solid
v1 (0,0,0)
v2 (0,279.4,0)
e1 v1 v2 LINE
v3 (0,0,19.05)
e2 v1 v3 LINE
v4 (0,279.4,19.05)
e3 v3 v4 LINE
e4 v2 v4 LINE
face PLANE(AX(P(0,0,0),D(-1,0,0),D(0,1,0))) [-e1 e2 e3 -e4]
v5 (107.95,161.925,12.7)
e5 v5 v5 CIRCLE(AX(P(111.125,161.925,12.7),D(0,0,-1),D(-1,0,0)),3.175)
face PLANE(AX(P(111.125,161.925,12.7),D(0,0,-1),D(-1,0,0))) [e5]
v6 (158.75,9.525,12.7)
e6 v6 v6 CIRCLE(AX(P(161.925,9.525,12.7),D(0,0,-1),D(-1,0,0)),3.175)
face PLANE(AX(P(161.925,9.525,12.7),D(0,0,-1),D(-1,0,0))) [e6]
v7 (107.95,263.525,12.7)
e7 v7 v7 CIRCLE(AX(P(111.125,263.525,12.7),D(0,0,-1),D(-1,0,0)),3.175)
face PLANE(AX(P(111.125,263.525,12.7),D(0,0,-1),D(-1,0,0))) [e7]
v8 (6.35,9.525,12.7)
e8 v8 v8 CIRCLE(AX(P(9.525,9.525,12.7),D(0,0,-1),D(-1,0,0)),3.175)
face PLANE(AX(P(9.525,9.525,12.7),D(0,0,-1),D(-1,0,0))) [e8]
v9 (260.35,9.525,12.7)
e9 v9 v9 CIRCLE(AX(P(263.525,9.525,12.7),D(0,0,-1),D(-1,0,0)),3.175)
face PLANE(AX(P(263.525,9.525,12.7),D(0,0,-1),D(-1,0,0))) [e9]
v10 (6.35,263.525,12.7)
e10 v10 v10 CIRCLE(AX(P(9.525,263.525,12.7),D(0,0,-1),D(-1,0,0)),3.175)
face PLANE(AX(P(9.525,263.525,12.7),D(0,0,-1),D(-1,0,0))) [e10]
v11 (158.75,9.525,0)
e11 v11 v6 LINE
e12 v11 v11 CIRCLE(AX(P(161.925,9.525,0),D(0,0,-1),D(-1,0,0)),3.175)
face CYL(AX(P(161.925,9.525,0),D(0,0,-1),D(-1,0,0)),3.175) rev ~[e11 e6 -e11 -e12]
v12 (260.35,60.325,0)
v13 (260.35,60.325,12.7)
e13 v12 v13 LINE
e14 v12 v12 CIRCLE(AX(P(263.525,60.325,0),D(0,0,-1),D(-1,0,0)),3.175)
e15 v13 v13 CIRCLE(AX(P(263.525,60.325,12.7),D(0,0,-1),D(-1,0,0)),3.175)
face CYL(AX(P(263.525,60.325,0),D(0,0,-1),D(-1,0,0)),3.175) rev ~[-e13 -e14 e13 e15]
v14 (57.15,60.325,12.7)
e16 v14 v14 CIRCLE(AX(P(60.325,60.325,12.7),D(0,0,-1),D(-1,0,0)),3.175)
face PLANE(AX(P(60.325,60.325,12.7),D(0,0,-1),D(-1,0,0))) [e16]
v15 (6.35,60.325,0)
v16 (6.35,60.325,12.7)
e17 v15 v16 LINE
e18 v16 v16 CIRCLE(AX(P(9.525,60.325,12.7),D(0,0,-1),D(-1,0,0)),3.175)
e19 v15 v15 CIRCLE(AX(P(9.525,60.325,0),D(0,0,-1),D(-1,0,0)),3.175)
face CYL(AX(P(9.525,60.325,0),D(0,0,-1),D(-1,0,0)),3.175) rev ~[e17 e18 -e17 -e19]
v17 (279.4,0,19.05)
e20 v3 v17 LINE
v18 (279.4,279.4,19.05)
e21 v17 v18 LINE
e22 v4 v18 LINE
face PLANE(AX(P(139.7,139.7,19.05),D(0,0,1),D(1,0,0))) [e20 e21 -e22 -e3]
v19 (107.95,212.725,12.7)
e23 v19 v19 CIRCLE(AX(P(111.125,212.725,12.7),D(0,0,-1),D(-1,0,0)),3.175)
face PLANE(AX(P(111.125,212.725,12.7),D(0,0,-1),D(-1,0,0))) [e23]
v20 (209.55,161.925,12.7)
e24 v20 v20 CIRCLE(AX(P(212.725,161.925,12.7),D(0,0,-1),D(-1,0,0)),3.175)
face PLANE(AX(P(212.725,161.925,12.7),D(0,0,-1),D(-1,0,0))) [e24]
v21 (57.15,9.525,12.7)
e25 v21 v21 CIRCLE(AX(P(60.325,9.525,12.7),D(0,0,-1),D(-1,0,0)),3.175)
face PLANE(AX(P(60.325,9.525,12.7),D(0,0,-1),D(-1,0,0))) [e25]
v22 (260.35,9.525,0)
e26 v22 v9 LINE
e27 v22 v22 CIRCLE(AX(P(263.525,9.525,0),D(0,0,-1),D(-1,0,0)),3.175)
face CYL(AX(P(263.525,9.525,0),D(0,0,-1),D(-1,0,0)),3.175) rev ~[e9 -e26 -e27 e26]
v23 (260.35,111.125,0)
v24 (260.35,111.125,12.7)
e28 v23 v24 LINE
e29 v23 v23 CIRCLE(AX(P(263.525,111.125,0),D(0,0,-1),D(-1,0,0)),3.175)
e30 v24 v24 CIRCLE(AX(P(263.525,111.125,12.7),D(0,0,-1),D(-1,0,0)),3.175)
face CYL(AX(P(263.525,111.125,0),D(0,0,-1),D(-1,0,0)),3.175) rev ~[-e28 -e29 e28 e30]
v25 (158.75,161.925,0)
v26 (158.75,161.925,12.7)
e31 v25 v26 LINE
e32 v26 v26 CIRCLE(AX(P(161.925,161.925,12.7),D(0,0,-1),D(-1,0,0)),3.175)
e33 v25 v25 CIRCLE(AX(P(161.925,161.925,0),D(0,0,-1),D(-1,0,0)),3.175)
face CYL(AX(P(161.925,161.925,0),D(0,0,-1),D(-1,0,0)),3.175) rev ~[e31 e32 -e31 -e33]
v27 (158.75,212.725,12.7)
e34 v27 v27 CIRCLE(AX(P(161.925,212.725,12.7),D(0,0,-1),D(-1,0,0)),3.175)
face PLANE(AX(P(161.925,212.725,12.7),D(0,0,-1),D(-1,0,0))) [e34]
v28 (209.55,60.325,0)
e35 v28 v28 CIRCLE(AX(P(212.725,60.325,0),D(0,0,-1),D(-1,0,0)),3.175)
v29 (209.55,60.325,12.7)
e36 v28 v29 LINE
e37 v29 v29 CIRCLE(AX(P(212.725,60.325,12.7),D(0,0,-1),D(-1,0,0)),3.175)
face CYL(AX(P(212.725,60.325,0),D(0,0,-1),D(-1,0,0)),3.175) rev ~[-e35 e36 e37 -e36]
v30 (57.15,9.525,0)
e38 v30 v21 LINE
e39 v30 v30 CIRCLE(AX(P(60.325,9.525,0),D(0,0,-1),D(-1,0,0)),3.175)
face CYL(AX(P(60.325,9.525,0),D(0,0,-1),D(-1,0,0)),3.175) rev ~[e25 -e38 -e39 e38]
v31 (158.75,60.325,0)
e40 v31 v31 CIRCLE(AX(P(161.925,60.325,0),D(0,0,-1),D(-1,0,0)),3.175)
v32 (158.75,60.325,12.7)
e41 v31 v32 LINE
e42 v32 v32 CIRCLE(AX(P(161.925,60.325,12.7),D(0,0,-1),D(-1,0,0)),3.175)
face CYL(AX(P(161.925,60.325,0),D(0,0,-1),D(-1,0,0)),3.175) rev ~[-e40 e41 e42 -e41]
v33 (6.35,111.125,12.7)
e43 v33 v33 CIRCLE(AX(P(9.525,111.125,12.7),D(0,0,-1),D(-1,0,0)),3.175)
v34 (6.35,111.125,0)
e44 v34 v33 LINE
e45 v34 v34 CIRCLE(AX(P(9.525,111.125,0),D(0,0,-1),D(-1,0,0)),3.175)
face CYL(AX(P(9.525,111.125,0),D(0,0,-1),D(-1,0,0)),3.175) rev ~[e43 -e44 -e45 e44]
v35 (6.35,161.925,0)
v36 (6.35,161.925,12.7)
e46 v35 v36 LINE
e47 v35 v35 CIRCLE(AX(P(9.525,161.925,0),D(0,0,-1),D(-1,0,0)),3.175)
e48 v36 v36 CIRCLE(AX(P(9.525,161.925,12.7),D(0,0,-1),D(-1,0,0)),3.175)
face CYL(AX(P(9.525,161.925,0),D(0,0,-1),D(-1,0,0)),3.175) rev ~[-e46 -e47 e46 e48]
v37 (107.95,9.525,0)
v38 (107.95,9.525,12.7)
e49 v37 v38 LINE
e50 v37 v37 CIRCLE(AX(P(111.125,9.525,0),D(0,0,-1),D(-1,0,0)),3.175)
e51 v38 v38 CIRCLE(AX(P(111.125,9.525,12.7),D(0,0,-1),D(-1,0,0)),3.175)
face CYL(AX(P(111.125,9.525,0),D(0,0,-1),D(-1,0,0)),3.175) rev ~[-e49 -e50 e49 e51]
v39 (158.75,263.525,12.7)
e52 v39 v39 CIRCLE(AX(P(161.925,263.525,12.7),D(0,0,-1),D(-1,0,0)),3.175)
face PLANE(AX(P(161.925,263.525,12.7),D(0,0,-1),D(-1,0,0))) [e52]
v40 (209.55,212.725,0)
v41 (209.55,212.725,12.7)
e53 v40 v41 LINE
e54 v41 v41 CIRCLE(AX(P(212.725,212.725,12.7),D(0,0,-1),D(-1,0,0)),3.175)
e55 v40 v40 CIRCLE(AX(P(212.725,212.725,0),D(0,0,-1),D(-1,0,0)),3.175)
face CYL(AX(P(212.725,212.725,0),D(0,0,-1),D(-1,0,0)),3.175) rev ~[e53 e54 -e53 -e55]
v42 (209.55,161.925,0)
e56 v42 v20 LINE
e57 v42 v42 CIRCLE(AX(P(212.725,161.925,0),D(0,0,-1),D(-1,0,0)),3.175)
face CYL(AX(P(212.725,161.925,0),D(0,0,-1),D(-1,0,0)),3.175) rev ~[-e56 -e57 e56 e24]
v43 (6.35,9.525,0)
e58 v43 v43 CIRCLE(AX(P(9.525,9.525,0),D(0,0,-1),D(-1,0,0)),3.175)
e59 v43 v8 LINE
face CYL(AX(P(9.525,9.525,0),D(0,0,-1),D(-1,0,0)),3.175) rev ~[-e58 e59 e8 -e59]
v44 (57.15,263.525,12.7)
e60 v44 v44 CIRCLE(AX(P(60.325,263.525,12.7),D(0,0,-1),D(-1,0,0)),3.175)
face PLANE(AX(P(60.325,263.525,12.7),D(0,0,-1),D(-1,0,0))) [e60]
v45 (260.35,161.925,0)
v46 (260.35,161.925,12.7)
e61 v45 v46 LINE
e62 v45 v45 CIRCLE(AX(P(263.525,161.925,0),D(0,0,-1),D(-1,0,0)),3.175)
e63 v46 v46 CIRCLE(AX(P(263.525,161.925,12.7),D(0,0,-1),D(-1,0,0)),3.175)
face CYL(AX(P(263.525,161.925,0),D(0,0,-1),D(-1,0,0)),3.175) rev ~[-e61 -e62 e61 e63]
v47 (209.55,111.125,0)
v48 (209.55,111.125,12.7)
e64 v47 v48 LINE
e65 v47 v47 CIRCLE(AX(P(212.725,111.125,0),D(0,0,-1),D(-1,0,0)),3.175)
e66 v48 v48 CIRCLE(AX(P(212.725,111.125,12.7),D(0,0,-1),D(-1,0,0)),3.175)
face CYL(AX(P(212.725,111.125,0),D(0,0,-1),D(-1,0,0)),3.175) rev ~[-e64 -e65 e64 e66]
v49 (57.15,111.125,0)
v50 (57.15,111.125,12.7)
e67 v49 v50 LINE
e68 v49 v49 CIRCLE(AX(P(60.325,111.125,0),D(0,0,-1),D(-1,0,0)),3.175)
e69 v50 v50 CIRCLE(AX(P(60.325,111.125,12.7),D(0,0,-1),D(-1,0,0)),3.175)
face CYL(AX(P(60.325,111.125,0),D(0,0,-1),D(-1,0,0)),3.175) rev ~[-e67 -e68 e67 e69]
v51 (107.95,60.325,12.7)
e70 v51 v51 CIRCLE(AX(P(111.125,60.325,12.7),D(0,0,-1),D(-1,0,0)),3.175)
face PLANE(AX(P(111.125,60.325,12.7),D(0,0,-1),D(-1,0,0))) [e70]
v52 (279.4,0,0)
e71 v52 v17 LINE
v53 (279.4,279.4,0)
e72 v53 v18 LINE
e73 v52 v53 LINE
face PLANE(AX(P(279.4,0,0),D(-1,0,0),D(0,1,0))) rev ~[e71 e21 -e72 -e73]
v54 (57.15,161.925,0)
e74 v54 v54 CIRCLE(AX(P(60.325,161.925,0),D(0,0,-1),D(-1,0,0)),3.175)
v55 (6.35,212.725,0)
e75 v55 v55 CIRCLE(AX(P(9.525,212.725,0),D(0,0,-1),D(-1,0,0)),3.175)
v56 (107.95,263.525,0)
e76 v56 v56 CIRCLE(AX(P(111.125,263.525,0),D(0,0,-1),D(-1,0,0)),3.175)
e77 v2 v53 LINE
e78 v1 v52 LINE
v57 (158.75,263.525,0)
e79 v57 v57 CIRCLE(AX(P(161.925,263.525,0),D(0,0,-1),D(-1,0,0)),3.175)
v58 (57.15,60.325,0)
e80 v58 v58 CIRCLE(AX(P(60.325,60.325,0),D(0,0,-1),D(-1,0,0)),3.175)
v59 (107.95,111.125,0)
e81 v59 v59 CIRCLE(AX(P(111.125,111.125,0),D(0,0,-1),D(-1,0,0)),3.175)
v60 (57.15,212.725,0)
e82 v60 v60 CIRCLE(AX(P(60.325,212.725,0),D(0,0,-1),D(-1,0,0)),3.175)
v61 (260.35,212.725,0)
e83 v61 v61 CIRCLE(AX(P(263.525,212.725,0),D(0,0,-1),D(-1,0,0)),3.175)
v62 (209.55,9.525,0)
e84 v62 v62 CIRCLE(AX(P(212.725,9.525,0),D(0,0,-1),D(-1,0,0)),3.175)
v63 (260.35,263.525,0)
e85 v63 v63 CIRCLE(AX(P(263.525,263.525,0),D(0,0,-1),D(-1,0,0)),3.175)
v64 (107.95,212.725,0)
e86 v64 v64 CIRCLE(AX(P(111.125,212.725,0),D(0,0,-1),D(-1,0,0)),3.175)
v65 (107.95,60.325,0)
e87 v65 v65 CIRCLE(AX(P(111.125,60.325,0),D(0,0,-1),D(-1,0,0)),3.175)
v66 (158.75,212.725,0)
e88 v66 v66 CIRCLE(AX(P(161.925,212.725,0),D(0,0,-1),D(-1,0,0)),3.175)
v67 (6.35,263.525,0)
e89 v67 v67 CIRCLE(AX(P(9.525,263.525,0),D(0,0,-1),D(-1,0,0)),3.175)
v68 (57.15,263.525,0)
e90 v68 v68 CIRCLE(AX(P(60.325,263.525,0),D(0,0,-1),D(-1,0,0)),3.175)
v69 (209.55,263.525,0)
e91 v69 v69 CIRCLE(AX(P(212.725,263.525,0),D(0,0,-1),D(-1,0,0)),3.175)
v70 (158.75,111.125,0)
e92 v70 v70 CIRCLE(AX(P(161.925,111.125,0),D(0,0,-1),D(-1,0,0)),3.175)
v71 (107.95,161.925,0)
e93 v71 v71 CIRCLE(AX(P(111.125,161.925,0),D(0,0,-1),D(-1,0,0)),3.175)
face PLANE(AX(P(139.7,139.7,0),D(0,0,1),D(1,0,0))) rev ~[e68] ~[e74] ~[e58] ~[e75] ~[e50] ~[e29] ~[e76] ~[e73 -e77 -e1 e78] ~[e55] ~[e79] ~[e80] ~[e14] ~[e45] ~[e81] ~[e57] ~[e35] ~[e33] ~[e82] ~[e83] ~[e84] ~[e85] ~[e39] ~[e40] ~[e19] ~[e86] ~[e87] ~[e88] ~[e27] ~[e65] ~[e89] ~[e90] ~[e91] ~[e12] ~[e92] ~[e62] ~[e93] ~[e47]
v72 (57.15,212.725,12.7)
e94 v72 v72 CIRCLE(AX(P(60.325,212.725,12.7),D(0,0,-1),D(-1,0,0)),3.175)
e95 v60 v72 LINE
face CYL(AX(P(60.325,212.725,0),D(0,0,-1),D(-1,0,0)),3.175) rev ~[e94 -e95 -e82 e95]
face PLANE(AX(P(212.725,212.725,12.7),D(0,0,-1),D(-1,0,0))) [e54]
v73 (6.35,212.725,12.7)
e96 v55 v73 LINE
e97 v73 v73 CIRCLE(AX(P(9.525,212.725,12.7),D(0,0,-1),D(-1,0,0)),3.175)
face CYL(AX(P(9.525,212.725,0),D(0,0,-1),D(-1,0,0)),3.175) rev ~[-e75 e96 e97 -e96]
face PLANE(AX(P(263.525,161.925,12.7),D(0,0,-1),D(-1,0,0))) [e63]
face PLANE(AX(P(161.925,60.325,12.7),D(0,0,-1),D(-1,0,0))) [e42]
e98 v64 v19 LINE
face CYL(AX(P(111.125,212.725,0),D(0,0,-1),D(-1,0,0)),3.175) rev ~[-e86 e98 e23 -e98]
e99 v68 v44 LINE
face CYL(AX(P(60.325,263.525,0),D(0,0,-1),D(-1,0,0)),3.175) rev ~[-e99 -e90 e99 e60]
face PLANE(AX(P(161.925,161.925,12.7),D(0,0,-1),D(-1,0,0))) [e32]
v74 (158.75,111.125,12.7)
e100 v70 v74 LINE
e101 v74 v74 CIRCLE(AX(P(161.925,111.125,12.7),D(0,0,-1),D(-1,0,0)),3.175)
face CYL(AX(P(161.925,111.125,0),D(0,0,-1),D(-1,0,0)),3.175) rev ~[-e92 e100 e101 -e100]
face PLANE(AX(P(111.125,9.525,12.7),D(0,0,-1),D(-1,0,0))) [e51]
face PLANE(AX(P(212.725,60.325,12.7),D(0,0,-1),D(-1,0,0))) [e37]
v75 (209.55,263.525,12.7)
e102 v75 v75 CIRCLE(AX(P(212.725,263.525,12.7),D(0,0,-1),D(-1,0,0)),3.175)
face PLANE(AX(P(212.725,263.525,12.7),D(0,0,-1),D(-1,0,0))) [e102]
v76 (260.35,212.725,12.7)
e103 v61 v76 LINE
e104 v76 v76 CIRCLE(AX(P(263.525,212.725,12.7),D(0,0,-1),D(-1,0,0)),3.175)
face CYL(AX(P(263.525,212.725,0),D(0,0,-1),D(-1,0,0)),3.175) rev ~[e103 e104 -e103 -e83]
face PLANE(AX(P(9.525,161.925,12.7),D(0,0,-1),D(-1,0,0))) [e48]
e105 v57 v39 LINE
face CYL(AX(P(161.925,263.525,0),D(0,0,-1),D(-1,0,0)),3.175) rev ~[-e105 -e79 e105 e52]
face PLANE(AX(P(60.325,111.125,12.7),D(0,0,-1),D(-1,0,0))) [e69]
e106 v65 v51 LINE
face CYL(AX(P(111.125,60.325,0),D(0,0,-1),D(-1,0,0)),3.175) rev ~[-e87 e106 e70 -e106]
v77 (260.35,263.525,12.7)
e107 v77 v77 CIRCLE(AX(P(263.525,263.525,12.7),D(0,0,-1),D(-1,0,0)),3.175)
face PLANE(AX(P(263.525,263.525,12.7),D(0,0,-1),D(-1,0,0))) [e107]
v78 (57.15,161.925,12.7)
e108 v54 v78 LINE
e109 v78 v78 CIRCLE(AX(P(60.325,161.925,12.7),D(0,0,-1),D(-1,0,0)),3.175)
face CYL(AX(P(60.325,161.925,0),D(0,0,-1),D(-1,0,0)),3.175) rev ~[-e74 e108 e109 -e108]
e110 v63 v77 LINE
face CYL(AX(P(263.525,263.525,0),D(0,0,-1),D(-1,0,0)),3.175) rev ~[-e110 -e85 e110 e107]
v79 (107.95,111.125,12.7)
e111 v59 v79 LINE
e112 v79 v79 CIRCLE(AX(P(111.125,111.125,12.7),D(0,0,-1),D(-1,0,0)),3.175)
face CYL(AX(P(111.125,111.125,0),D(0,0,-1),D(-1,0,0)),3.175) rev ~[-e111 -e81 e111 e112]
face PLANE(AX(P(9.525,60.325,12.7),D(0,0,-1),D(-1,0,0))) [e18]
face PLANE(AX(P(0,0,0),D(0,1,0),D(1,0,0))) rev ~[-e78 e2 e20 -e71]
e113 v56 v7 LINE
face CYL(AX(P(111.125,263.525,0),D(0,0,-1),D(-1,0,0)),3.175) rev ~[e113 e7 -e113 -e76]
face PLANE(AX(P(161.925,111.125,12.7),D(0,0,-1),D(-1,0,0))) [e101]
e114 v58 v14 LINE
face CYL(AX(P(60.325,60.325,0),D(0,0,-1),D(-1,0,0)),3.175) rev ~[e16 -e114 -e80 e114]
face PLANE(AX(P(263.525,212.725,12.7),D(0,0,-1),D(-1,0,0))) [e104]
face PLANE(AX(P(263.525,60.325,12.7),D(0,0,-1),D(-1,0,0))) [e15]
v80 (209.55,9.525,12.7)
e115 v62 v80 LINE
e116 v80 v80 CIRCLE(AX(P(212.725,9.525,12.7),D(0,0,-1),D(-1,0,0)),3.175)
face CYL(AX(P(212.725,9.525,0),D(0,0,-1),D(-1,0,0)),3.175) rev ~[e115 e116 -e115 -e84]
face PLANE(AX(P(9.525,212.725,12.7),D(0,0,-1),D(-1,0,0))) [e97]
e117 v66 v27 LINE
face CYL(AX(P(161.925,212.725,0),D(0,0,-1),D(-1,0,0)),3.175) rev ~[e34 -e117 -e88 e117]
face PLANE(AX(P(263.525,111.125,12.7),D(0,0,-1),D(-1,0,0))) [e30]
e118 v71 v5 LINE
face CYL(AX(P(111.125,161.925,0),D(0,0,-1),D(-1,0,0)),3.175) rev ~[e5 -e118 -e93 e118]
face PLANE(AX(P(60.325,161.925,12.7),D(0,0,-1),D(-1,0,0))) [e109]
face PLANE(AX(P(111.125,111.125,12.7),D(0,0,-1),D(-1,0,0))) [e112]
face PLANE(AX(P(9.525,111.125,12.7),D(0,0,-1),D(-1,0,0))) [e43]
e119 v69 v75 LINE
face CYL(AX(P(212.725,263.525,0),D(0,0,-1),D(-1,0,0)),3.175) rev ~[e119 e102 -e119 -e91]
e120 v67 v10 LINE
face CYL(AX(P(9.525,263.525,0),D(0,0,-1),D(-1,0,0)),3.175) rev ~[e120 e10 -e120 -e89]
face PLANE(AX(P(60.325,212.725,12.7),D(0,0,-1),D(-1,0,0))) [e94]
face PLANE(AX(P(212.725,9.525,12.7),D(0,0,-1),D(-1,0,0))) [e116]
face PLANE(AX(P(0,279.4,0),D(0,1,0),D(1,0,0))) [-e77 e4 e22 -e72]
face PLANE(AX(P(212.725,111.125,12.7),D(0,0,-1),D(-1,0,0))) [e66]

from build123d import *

# Parameters (mm, degrees)
SKETCH1_W            = 279.4
SKETCH1_H            = 279.4
BOSS_EXTRUDE1_DEPTH  = 19.05
SKETCH4_R            = 3.175
CUT_EXTRUDE8_DEPTH   = 12.7
LPATTERN1_COUNT      = 6
LPATTERN1_PITCH      = 50.8
LPATTERN1_COUNT_DIR2 = 6
LPATTERN1_PITCH_DIR2 = 50.8


with BuildPart() as part:
    # Sketch1 → Boss-Extrude1 (new body)
    with BuildSketch(Plane.XY):
        with Locations((139.7, 139.7)):
            Rectangle(SKETCH1_W, SKETCH1_H)
    extrude(amount=BOSS_EXTRUDE1_DEPTH)

    # Sketch4 → Cut-Extrude8 (cut)
    with BuildSketch(Plane(origin=(0, 0, 0), x_dir=(-1, 0, 0), z_dir=(0, 0, -1))):
        with Locations((-9.525, 9.525)):
            Circle(SKETCH4_R)
    cut_extrude8 = extrude(amount=-CUT_EXTRUDE8_DEPTH, mode=Mode.SUBTRACT)

    # LPattern1: Cut-Extrude8 6 × 6
    with Locations(*[(j * LPATTERN1_PITCH_DIR2, i * LPATTERN1_PITCH, 0) for i in range(LPATTERN1_COUNT) for j in range(LPATTERN1_COUNT_DIR2) if (i, j) != (0, 0)]):
        add(cut_extrude8, mode=Mode.SUBTRACT)


solid = part.part
